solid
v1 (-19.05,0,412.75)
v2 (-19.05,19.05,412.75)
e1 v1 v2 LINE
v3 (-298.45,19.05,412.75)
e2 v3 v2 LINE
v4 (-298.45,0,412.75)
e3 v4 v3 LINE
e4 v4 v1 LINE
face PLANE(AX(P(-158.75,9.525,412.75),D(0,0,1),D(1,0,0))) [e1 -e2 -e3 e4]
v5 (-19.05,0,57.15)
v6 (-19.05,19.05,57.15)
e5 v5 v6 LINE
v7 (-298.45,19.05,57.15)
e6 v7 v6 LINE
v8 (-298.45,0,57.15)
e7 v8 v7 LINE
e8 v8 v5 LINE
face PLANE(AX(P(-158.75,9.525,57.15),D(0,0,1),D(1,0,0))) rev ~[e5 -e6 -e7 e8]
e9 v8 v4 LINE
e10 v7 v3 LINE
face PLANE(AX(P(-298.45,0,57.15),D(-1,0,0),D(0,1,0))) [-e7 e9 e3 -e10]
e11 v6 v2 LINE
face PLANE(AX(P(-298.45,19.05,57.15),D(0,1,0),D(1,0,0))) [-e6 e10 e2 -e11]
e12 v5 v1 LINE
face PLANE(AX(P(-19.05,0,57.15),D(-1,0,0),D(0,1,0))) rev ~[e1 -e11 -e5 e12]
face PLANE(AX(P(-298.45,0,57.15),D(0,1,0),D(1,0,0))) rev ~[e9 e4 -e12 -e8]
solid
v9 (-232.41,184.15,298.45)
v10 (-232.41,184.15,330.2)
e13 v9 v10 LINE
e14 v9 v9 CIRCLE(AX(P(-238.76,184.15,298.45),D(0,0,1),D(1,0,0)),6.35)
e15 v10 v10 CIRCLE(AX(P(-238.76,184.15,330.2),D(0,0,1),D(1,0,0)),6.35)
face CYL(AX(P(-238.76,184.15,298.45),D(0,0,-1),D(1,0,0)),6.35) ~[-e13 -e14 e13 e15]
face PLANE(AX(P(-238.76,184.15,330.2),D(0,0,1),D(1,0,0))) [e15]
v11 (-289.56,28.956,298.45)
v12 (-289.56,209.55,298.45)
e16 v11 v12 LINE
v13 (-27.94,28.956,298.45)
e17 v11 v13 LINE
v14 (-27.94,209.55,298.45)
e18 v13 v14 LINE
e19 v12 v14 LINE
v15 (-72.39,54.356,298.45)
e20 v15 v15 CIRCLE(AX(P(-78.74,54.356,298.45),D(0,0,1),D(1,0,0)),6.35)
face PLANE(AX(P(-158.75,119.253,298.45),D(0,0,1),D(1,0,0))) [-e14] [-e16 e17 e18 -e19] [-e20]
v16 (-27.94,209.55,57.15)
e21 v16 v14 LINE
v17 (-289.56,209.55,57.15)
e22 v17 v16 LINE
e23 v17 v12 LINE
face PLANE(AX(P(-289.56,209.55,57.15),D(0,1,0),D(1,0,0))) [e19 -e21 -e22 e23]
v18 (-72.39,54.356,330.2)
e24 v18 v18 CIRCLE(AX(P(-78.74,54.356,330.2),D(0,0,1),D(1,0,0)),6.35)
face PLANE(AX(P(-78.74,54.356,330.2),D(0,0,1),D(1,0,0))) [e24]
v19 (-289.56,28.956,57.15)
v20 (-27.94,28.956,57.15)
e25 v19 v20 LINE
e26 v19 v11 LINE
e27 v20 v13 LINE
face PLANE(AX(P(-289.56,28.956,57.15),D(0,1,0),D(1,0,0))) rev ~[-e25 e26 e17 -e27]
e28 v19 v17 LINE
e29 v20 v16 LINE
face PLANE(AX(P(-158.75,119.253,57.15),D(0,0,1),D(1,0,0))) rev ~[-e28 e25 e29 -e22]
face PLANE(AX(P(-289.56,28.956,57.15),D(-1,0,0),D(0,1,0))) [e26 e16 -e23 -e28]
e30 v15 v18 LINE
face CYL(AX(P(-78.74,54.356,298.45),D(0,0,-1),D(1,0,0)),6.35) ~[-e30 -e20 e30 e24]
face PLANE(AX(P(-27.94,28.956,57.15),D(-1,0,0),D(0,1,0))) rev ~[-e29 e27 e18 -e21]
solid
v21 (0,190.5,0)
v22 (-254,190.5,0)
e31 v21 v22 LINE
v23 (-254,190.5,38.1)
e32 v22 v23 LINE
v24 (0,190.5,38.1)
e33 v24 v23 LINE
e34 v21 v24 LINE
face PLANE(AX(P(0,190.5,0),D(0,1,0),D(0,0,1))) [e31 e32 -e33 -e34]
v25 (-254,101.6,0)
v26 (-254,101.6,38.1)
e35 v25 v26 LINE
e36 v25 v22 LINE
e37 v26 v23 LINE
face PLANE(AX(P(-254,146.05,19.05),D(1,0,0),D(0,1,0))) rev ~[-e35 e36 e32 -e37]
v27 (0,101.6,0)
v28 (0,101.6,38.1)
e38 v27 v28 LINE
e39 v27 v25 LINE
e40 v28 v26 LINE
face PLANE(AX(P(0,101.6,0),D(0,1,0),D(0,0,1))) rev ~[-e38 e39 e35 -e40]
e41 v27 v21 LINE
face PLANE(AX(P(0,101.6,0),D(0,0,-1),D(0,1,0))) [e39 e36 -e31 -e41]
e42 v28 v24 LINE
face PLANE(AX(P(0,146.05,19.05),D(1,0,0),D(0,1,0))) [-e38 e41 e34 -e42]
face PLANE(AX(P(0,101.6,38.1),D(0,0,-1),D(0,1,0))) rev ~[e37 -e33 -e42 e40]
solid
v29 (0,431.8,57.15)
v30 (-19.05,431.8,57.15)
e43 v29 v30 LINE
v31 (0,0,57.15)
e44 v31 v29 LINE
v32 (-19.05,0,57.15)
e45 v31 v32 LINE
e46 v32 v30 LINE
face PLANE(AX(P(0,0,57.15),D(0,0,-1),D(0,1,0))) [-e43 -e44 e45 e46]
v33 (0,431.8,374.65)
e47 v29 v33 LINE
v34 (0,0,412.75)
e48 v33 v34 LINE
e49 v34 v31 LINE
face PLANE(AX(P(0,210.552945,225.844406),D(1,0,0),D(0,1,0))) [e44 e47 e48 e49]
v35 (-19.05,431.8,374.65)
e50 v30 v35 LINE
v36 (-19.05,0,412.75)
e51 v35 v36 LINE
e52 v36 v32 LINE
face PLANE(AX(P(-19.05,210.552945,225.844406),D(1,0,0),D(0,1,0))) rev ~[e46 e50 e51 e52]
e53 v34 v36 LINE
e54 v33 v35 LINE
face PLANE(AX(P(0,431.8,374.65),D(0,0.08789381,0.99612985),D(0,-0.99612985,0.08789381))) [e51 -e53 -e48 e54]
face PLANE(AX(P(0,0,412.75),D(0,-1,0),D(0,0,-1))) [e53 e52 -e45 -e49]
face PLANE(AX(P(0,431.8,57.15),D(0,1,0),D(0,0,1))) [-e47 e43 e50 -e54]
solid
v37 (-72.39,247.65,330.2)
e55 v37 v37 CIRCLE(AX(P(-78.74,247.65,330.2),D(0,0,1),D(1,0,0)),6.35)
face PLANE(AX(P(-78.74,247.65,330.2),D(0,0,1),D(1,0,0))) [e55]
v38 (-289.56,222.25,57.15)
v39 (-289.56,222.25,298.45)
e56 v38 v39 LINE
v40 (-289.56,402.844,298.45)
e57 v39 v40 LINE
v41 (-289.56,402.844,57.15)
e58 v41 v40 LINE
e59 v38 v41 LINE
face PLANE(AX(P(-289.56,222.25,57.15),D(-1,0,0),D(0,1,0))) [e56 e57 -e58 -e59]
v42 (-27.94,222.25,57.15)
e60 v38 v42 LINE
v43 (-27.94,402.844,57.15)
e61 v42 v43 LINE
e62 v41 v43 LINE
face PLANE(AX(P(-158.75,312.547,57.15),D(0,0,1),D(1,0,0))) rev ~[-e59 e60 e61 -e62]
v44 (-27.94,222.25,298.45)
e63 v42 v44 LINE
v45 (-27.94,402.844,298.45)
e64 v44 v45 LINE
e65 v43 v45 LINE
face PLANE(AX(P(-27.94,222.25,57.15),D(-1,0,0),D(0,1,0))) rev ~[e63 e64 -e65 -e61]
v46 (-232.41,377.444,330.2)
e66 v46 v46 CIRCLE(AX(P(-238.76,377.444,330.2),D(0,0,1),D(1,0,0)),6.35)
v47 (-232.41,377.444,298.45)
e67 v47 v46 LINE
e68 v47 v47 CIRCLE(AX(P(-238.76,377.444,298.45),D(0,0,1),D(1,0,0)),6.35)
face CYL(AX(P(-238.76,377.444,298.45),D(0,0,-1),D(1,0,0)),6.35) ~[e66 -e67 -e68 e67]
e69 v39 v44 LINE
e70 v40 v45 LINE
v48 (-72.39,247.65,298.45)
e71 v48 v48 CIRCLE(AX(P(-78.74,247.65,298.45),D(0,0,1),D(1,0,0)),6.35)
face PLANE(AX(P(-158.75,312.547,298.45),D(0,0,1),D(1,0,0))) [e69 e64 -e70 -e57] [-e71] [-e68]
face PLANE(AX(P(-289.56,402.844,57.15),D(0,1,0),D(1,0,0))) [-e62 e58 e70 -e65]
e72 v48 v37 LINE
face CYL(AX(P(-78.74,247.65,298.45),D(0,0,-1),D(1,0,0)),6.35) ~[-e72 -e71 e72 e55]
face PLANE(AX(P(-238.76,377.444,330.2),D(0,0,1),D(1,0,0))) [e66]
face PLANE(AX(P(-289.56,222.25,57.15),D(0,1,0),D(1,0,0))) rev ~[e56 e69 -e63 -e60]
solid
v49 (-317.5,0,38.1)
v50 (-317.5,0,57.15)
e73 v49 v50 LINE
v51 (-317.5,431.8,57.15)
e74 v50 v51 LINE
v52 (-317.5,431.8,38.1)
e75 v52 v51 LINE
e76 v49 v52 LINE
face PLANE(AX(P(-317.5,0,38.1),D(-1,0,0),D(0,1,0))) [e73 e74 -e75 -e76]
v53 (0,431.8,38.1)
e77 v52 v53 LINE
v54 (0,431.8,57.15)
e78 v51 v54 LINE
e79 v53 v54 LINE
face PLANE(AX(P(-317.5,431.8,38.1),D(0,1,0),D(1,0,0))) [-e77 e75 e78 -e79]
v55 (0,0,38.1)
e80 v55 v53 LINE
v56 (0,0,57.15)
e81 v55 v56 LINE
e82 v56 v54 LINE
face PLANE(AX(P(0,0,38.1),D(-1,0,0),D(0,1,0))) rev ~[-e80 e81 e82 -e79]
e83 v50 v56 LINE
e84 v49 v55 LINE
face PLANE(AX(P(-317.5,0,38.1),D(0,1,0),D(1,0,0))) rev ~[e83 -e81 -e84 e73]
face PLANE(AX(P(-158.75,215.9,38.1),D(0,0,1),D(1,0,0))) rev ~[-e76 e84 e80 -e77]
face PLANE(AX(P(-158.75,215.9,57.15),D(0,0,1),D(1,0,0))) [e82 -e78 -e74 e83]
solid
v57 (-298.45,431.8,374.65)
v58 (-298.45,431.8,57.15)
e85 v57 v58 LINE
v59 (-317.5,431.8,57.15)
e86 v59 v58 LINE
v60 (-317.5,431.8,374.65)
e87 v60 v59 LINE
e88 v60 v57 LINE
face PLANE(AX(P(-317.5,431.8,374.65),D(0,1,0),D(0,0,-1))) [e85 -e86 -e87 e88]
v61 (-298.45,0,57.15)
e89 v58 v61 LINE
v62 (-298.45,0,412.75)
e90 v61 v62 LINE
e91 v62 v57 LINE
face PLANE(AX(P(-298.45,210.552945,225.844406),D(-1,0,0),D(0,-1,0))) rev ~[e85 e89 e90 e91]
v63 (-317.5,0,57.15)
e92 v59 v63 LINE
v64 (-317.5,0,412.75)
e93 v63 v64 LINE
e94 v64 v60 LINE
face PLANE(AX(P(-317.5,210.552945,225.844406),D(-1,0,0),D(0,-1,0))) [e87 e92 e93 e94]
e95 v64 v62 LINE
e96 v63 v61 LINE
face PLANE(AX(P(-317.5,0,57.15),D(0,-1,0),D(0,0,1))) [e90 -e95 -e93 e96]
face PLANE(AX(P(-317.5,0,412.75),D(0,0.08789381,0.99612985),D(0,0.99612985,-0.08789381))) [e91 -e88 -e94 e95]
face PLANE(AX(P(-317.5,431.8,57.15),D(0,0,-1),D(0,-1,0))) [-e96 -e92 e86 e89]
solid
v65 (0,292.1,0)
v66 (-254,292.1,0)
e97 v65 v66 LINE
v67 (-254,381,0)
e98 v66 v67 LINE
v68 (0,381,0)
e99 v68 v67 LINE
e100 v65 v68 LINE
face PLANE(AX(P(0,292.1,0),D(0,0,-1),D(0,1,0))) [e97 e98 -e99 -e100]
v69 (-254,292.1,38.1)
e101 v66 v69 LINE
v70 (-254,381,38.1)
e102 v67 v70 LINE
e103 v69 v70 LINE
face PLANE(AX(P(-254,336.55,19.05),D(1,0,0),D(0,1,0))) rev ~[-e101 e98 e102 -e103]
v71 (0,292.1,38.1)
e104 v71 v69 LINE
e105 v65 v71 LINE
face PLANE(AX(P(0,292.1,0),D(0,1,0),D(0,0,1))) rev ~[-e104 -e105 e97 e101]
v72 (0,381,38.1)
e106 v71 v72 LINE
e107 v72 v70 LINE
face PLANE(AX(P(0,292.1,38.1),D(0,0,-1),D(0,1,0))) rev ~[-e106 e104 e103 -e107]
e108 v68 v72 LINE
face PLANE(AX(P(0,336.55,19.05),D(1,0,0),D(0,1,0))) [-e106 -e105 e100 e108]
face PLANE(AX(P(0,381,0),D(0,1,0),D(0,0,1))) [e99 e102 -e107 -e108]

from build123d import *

# Parameters (mm, degrees)
F2_W      = 88.9
F2_H      = 38.1
F3_DEPTH  = 254
F4_W      = 317.5
F4_H      = 431.8
F5_DEPTH  = 19.05
F7_DEPTH  = 19.05
F9_DEPTH  = 19.05
F10_W     = 261.62
F10_H     = 180.594
F11_DEPTH = 241.3
F12_R     = 6.35
F13_DEPTH = 31.75
F14_W     = 279.4
F14_H     = 19.05
F15_DEPTH = 355.6


with BuildPart() as f3:
    # F2 (on face) → F3 (new body)
    with BuildSketch(Plane.YZ):
        with Locations((146.05, 19.05)):
            Rectangle(F2_W, F2_H)
    extrude(amount=-F3_DEPTH)


with BuildPart() as f3b:
    # F2 (on face) → F3, piece 2 (new body)
    with BuildSketch(Plane.YZ):
        with Locations((336.55, 19.05)):
            Rectangle(F2_W, F2_H)
    extrude(amount=-F3_DEPTH)


with BuildPart() as f5:
    # F4 (on face) → F5 (new body)
    with BuildSketch(Plane.XY.offset(38.1)):
        with Locations((-158.75, 215.9)):
            Rectangle(F4_W, F4_H)
    extrude(amount=F5_DEPTH)


with BuildPart() as f7:
    # F6 (on face) → F7 (new body)
    with BuildSketch(Plane(origin=(-317.5, 0, 0), x_dir=(0, -1, 0), z_dir=(-1, 0, 0))):
        Polygon((-431.8, 374.65), (-431.8, 57.15), (0, 57.15), (0, 412.75), align=None)
    extrude(amount=-F7_DEPTH)


with BuildPart() as f9:
    # F8 (on face) → F9 (new body)
    with BuildSketch(Plane.YZ):
        Polygon((431.8, 57.15), (431.8, 374.65), (0, 412.75), (0, 57.15), align=None)
    extrude(amount=-F9_DEPTH)


with BuildPart() as f11:
    # F10 (on face) → F11 (new body)
    with BuildSketch(Plane.XY.offset(57.15)):
        with Locations((-158.75, 312.547)):
            Rectangle(F10_W, F10_H)
    extrude(amount=F11_DEPTH)

    # F12 (on face) → F13 (join)
    with BuildSketch(Plane.XY.offset(298.45)):
        with Locations((-238.76, 377.444)):
            Circle(F12_R)
        with Locations((-78.74, 247.65)):
            Circle(F12_R)
    extrude(amount=F13_DEPTH)


with BuildPart() as f11b:
    # F10 (on face) → F11, piece 2 (new body)
    with BuildSketch(Plane.XY.offset(57.15)):
        with Locations((-158.75, 119.253)):
            Rectangle(F10_W, F10_H)
    extrude(amount=F11_DEPTH)

    # F12 (on face) → F13, piece 2 (join)
    with BuildSketch(Plane.XY.offset(298.45)):
        with Locations((-238.76, 184.15)):
            Circle(F12_R)
        with Locations((-78.74, 54.356)):
            Circle(F12_R)
    extrude(amount=F13_DEPTH)


with BuildPart() as f15:
    # F14 (on face) → F15 (new body, through all)
    with BuildSketch(Plane.XY.offset(57.15)):
        with Locations((-158.75, 9.525)):
            Rectangle(F14_W, F14_H)
    extrude(amount=F15_DEPTH)


solid = Compound([f3.part, f3b.part, f5.part, f7.part, f9.part, f11.part, f11b.part, f15.part])
